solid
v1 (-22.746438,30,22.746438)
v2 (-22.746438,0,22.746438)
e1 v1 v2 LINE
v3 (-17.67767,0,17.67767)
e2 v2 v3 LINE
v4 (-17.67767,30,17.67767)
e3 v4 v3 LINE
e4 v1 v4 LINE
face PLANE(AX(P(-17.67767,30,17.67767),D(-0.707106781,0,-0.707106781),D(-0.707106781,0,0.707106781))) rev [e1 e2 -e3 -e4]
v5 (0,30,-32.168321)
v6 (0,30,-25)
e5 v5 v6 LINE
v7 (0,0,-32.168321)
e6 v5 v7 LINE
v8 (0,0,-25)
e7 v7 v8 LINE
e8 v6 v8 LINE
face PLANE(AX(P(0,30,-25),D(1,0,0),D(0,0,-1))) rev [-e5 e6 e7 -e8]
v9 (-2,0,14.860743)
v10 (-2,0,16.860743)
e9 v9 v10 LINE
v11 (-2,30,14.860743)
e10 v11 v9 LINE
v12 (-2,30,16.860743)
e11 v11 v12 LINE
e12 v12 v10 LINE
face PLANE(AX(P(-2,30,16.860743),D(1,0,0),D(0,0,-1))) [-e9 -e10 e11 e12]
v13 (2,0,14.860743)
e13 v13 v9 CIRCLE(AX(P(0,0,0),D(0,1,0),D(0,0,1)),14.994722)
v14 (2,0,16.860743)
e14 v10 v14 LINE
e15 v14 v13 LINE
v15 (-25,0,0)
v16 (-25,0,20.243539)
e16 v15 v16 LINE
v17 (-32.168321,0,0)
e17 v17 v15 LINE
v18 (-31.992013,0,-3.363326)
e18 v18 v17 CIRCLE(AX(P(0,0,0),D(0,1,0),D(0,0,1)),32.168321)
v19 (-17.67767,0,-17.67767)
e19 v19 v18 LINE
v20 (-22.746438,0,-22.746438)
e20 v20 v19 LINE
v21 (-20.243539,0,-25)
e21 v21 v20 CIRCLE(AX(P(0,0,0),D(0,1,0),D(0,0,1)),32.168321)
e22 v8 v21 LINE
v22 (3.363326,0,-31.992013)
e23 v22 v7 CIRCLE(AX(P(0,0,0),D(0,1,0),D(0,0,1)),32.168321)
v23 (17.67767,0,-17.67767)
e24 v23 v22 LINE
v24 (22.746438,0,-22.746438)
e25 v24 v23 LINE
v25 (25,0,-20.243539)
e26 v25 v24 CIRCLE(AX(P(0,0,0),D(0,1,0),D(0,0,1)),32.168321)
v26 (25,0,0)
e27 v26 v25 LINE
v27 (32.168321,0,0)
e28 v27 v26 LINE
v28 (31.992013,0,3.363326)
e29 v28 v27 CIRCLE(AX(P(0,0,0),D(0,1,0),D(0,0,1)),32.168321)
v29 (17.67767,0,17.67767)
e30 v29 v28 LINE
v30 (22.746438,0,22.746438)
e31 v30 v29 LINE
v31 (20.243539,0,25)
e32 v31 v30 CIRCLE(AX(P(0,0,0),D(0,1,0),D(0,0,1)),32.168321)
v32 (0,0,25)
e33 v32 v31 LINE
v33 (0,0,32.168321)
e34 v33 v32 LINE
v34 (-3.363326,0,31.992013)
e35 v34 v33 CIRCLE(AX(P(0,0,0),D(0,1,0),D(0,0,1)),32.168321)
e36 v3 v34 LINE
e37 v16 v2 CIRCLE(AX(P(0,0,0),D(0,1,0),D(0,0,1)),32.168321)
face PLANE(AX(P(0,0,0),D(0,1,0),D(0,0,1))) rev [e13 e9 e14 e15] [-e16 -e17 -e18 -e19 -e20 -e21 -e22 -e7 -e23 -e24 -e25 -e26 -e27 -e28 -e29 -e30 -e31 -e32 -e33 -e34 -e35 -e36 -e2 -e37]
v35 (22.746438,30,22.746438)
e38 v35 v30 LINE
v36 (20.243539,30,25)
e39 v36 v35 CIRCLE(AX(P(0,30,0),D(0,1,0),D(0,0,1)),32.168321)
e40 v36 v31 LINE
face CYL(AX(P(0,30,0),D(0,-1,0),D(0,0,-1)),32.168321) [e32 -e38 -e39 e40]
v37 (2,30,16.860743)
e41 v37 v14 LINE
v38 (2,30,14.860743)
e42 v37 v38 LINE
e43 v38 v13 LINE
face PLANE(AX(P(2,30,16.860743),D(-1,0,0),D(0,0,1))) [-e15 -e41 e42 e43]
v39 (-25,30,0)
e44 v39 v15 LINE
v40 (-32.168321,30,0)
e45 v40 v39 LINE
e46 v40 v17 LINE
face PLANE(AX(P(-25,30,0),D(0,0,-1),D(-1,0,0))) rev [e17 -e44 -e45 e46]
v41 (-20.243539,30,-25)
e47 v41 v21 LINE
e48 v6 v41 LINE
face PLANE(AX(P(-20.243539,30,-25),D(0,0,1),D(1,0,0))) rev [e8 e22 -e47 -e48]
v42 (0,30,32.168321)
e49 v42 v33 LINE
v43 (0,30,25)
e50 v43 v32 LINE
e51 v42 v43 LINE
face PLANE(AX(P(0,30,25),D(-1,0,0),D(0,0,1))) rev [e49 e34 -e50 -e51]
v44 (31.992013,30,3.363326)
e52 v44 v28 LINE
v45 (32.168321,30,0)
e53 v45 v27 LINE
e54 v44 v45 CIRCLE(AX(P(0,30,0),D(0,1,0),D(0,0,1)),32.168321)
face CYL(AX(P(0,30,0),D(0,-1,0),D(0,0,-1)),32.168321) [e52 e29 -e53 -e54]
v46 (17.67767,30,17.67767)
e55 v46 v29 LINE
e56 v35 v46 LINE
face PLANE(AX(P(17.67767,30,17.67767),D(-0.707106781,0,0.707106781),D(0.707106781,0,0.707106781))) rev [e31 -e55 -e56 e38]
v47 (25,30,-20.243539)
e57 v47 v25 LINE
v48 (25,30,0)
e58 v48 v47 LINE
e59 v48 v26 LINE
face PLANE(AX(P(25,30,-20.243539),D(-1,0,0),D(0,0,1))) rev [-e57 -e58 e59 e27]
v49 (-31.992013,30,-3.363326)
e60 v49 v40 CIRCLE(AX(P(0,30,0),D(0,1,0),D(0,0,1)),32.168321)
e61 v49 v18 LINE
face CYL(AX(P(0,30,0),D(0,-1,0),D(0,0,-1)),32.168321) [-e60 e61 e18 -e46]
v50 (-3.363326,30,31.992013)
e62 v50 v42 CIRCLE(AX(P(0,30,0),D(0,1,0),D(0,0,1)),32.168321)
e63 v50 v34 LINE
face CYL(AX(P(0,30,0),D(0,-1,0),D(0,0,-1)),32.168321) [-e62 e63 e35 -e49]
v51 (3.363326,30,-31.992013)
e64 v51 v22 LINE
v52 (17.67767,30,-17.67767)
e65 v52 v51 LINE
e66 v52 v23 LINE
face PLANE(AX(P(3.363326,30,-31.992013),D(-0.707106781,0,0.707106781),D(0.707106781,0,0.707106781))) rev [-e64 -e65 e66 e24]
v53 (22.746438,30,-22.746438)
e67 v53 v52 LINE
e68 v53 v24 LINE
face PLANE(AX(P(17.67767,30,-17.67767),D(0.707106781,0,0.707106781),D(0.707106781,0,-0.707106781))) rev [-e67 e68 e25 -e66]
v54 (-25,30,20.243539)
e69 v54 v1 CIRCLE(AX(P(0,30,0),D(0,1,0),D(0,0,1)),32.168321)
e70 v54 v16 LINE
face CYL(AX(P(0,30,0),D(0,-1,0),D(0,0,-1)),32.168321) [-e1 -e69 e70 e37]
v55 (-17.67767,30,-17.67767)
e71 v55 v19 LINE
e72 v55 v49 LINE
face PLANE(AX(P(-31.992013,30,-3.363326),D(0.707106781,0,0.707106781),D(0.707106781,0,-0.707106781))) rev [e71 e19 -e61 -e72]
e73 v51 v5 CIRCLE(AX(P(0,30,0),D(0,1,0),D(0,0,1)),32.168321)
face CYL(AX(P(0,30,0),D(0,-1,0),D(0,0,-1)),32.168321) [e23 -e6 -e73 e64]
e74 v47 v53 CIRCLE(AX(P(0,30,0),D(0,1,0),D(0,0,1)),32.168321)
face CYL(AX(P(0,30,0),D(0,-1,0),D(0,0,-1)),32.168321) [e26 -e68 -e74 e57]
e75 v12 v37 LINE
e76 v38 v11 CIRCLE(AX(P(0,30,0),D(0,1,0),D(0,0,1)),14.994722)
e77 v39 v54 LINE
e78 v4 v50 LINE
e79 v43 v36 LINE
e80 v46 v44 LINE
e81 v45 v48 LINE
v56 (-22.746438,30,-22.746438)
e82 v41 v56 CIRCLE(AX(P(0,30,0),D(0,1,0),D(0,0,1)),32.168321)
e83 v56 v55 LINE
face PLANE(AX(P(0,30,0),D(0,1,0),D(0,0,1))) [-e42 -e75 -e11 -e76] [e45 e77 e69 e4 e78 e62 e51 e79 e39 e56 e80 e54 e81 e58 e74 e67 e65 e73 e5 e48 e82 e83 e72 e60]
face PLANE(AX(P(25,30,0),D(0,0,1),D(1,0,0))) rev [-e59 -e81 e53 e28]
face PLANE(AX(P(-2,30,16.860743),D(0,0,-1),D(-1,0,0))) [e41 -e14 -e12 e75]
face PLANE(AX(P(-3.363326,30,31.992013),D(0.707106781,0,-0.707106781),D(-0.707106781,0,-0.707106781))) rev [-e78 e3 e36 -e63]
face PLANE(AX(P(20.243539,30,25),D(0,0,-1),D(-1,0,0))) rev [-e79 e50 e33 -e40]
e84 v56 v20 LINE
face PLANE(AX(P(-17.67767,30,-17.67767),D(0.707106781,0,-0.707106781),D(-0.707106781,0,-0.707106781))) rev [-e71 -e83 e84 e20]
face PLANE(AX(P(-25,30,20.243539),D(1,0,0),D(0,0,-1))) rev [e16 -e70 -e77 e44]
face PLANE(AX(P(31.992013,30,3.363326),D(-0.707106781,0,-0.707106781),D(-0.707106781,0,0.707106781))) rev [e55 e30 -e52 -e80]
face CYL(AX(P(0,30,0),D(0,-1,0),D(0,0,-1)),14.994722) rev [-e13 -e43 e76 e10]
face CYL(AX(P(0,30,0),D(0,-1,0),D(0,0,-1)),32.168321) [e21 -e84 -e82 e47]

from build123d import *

# Parameters (mm, degrees)
BOSS_EXTRUDE3_DEPTH = 30


with BuildPart() as part:
    # Sketch1 → Boss-Extrude3 (new body)
    with BuildSketch(Plane(origin=(0, 0, 0), x_dir=(1, 0, 0), z_dir=(0, 1, 0))):
        with BuildLine():
            Line((0, -25), (0, -32.168320657))
            ThreePointArc((0, -32.168320657), (-1.683972021, -32.124213487), (-3.36332613, -31.992012929))
            Line((-3.36332613, -31.992012929), (-17.67766953, -17.67766953))
            Line((-17.67766953, -17.67766953), (-22.746437676, -22.746437676))
            ThreePointArc((-22.746437676, -22.746437676), (-23.905997232, -21.524501161), (-25, -20.243538572))
            Line((-25, -20.243538572), (-25, 0))
            Line((-25, 0), (-32.168320657, 0))
            ThreePointArc((-32.168320657, 0), (-32.124213487, 1.683972021), (-31.992012929, 3.36332613))
            Line((-31.992012929, 3.36332613), (-17.67766953, 17.67766953))
            Line((-17.67766953, 17.67766953), (-22.746437676, 22.746437676))
            ThreePointArc((-22.746437676, 22.746437676), (-21.524501161, 23.905997232), (-20.243538572, 25))
            Line((-20.243538572, 25), (0, 25))
            Line((0, 25), (0, 32.168320657))
            ThreePointArc((0, 32.168320657), (1.683972021, 32.124213487), (3.36332613, 31.992012929))
            Line((3.36332613, 31.992012929), (17.67766953, 17.67766953))
            Line((17.67766953, 17.67766953), (22.746437676, 22.746437676))
            ThreePointArc((22.746437676, 22.746437676), (23.905997232, 21.524501161), (25, 20.243538572))
            Line((25, 20.243538572), (25, 0))
            Line((25, 0), (32.168320657, 0))
            ThreePointArc((32.168320657, 0), (32.124213487, -1.683972021), (31.992012929, -3.36332613))
            Line((31.992012929, -3.36332613), (17.67766953, -17.67766953))
            Line((17.67766953, -17.67766953), (22.746437676, -22.746437676))
            ThreePointArc((22.746437676, -22.746437676), (21.524501161, -23.905997232), (20.243538572, -25))
            Line((20.243538572, -25), (0, -25))
        make_face()
        with BuildLine():
            Line((-2, -16.860742714), (-2, -14.860742714))
            ThreePointArc((-2, -14.860742714), (0, 14.994721539), (2, -14.860742714))
            Line((2, -14.860742714), (2, -16.860742714))
            Line((2, -16.860742714), (-2, -16.860742714))
        make_face(mode=Mode.SUBTRACT)
    extrude(amount=BOSS_EXTRUDE3_DEPTH)


solid = part.part
